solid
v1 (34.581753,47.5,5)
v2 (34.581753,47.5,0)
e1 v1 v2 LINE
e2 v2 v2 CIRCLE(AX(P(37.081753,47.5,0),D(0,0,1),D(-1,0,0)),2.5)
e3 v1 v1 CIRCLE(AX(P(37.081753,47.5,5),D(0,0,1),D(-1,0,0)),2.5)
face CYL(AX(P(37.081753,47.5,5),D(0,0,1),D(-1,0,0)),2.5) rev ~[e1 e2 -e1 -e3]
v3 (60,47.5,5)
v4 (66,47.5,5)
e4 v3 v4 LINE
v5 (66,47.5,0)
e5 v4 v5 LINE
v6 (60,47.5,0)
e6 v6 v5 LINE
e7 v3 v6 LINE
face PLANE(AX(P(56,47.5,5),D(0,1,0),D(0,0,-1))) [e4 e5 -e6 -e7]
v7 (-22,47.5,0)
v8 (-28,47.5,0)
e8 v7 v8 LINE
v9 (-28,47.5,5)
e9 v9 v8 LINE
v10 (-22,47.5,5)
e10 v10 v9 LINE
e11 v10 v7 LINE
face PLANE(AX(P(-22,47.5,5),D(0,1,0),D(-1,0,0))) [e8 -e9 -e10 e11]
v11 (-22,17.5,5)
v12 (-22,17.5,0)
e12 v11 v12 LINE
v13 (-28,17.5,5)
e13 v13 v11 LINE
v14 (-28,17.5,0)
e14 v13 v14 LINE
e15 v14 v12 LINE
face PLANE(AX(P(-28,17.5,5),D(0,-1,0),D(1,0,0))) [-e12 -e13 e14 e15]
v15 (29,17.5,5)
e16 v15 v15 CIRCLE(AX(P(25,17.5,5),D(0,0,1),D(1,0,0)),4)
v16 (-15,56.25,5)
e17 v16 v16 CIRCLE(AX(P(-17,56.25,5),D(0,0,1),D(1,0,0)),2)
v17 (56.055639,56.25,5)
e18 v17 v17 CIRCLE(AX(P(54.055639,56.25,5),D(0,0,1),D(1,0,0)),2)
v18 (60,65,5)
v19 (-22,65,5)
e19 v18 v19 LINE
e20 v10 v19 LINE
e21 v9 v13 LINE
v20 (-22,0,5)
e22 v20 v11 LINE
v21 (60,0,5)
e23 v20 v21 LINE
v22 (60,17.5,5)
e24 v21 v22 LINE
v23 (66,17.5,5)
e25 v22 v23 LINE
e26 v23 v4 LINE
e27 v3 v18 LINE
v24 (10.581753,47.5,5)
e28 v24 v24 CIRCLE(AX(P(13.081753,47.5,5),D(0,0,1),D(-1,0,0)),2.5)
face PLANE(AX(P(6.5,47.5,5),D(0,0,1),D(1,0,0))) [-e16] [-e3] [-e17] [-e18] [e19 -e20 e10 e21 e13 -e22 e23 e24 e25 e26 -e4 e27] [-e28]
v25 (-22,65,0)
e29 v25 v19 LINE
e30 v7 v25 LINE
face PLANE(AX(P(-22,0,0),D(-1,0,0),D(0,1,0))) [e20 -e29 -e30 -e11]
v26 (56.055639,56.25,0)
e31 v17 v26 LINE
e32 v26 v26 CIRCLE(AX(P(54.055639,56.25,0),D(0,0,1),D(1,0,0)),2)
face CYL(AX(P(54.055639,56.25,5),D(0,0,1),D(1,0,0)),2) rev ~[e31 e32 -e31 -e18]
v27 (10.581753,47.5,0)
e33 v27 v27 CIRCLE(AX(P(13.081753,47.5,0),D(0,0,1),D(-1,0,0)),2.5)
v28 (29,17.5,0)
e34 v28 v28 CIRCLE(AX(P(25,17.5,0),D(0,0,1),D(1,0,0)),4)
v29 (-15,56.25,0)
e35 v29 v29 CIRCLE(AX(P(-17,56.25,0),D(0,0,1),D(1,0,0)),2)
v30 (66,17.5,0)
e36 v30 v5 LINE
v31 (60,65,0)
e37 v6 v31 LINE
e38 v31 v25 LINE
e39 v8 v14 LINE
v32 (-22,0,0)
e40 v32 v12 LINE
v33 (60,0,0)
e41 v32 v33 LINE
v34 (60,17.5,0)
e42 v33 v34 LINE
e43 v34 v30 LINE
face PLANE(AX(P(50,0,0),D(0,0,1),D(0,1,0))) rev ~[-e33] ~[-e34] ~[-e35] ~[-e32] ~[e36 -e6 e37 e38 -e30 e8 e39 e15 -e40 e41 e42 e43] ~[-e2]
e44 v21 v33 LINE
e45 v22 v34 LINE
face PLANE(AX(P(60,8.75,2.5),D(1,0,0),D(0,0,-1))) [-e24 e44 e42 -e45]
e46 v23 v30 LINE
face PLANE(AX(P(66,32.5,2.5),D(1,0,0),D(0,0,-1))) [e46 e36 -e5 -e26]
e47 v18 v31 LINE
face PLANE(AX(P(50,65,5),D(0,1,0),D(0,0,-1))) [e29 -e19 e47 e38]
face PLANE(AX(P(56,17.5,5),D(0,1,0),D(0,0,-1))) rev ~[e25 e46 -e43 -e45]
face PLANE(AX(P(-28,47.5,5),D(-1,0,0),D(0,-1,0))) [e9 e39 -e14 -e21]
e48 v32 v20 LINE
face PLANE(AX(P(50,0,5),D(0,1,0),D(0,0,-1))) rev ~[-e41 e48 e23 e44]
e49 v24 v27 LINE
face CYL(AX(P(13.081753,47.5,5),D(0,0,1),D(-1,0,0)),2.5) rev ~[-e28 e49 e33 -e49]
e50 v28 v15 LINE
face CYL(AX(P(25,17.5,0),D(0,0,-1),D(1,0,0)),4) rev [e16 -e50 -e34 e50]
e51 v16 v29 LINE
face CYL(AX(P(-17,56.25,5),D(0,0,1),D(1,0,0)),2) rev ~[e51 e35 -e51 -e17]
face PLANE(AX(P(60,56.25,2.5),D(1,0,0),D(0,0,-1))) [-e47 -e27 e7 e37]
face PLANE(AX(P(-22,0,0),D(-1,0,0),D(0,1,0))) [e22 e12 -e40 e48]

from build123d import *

# Parameters (mm, degrees)
SKETCH2_W            = 50
SKETCH2_H            = 65
SKETCH2_R            = 2
SKETCH2_R_2          = 4
BOSS_EXTRUDE1_DEPTH  = 5
SKETCH4_W            = 21
SKETCH4_H            = 65
BOSS_EXTRUDE3_DEPTH  = 5
SKETCH5_W            = 1
SKETCH5_H            = 65
BOSS_EXTRUDE4_DEPTH  = 5
BOSS_EXTRUDE5_DEPTH  = 5
SKETCH7_R            = 2
CUT_EXTRUDE1_DEPTH   = 59
SKETCH8_R            = 1.5
CUT_EXTRUDE2_DEPTH   = 10
SKETCH9_R            = 2
CUT_EXTRUDE3_DEPTH   = 10
SKETCH10_R           = 2.5
CUT_EXTRUDE4_DEPTH   = 10
SKETCH11_R           = 2.5
CUT_EXTRUDE5_DEPTH   = 10
SKETCH11_3_R         = 2.5
BOSS_EXTRUDE6_DEPTH  = 5
SKETCH12_W           = 5
SKETCH12_H           = 17.5
BOSS_EXTRUDE7_DEPTH  = 10
SKETCH13_W           = 5
SKETCH13_H           = 30
BOSS_EXTRUDE8_DEPTH  = 10
SKETCH14_W           = 5
SKETCH14_H           = 17.5
BOSS_EXTRUDE9_DEPTH  = 10
SKETCH15_R           = 2
BOSS_EXTRUDE10_DEPTH = 5
SKETCH15_3_R         = 2
CUT_EXTRUDE6_DEPTH   = 10
SKETCH16_R           = 2.5
BOSS_EXTRUDE11_DEPTH = 5
CUT_EXTRUDE7_DEPTH   = 10


with BuildPart() as part:
    # Sketch2 → Boss-Extrude1 (new body)
    with BuildSketch(Plane.XY):
        with Locations((25, 32.5)):
            Rectangle(SKETCH2_W, SKETCH2_H)
        with Locations((25, 59.5)):
            Circle(SKETCH2_R, mode=Mode.SUBTRACT)
        with Locations((13, 47.5)):
            Circle(SKETCH2_R, mode=Mode.SUBTRACT)
        with Locations((37, 47.5)):
            Circle(SKETCH2_R, mode=Mode.SUBTRACT)
        with Locations((25, 17.5)):
            Circle(SKETCH2_R_2, mode=Mode.SUBTRACT)
    extrude(amount=BOSS_EXTRUDE1_DEPTH)

    # Sketch4 → Boss-Extrude3 (add)
    with BuildSketch(Plane.XY.offset(5)):
        with Locations((-10.5, 32.5)):
            Rectangle(SKETCH4_W, SKETCH4_H)
    extrude(amount=-BOSS_EXTRUDE3_DEPTH)

    # Sketch5 → Boss-Extrude4 (add)
    with BuildSketch(Plane(origin=(0, 0, 0), x_dir=(-1, 0, 0), z_dir=(0, 0, -1))):
        with Locations((21.5, 32.5)):
            Rectangle(SKETCH5_W, SKETCH5_H)
    extrude(amount=-BOSS_EXTRUDE4_DEPTH)

    # Sketch6 → Boss-Extrude5 (add)
    with BuildSketch(Plane.XY.offset(5)):
        Polygon((-22, 17.5), (-22, 32.5), (-22, 47.5), (-28, 47.5), (-28, 17.5), align=None)
        Polygon((56, 17.5), (56, 47.5), (50, 47.5), (50, 32.5), (50, 17.5), align=None)
    extrude(amount=-BOSS_EXTRUDE5_DEPTH)

    # Sketch7 → Cut-Extrude1 (cut)
    with BuildSketch(Plane.XY.offset(5)):
        with Locations((25, 35.5)):
            Circle(SKETCH7_R)
    extrude(amount=-CUT_EXTRUDE1_DEPTH, mode=Mode.SUBTRACT)

    # Sketch8 → Cut-Extrude2 (cut)
    with BuildSketch(Plane.XY.offset(5)):
        with Locations((-17, 56.25)):
            Circle(SKETCH8_R)
        with Locations((44.055639416, 56.25)):
            Circle(SKETCH8_R)
    extrude(amount=-CUT_EXTRUDE2_DEPTH, mode=Mode.SUBTRACT)

    # Sketch9 → Cut-Extrude3 (cut)
    with BuildSketch(Plane.XY.offset(5)):
        with Locations((-17, 56.25)):
            Circle(SKETCH9_R)
        with Locations((44.055639416, 56.25)):
            Circle(SKETCH9_R)
    extrude(amount=-CUT_EXTRUDE3_DEPTH, mode=Mode.SUBTRACT)

    # Sketch10 → Cut-Extrude4 (cut)
    with BuildSketch(Plane.XY.offset(5)):
        with Locations((25, 59.5)):
            Circle(SKETCH10_R)
        with Locations((25, 35.5)):
            Circle(SKETCH10_R)
        with Locations((13, 47.5)):
            Circle(SKETCH10_R)
        with Locations((37, 47.5)):
            Circle(SKETCH10_R)
    extrude(amount=-CUT_EXTRUDE4_DEPTH, mode=Mode.SUBTRACT)

    # Sketch11 → Cut-Extrude5 (cut)
    with BuildSketch(Plane.XY.offset(5)):
        with Locations((6.5, 47.5)):
            Circle(SKETCH11_R)
        with Locations((43.663505444, 47.5)):
            Circle(SKETCH11_R)
    extrude(amount=-CUT_EXTRUDE5_DEPTH, mode=Mode.SUBTRACT)

    # Sketch11_3 → Boss-Extrude6 (add)
    with BuildSketch(Plane.XY.offset(5)):
        with Locations((25, 59.5)):
            Circle(SKETCH11_3_R)
        with BuildLine():
            Line((10.5, 47.5), (13, 47.5))
            Line((13, 47.5), (15.5, 47.5))
            ThreePointArc((15.5, 47.5), (13, 50), (10.5, 47.5))
        make_face()
        with BuildLine():
            Line((15.5, 47.5), (13, 47.5))
            Line((13, 47.5), (10.5, 47.5))
            ThreePointArc((10.5, 47.5), (13, 45), (15.5, 47.5))
        make_face()
        with BuildLine():
            ThreePointArc((39.5, 47.5), (37, 50), (34.5, 47.5))
            Line((34.5, 47.5), (37, 47.5))
            Line((37, 47.5), (39.5, 47.5))
        make_face()
        with BuildLine():
            Line((37, 47.5), (34.5, 47.5))
            ThreePointArc((34.5, 47.5), (37, 45), (39.5, 47.5))
            Line((39.5, 47.5), (37, 47.5))
        make_face()
        with Locations((25, 35.5)):
            Circle(SKETCH11_3_R)
    extrude(amount=-BOSS_EXTRUDE6_DEPTH)

    # Sketch12 → Boss-Extrude7 (add)
    with BuildSketch(Plane(origin=(50, 0, 0), x_dir=(0, 0, -1), z_dir=(1, 0, 0))):
        with Locations((-2.5, 56.25)):
            Rectangle(SKETCH12_W, SKETCH12_H)
    extrude(amount=BOSS_EXTRUDE7_DEPTH)

    # Sketch13 → Boss-Extrude8 (add)
    with BuildSketch(Plane(origin=(56, 0, 0), x_dir=(0, 0, -1), z_dir=(1, 0, 0))):
        with Locations((-2.5, 32.5)):
            Rectangle(SKETCH13_W, SKETCH13_H)
    extrude(amount=BOSS_EXTRUDE8_DEPTH)

    # Sketch14 → Boss-Extrude9 (add)
    with BuildSketch(Plane(origin=(50, 0, 0), x_dir=(0, 0, -1), z_dir=(1, 0, 0))):
        with Locations((-2.5, 8.75)):
            Rectangle(SKETCH14_W, SKETCH14_H)
    extrude(amount=BOSS_EXTRUDE9_DEPTH)

    # Sketch15 → Boss-Extrude10 (add)
    with BuildSketch(Plane.XY.offset(5)):
        with Locations((54.055639416, 56.25)):
            Circle(SKETCH15_R)
        with Locations((44.055639416, 56.25)):
            Circle(SKETCH15_R)
    extrude(amount=-BOSS_EXTRUDE10_DEPTH)

    # Sketch15_3 → Cut-Extrude6 (cut)
    with BuildSketch(Plane.XY.offset(5)):
        with Locations((54.055639416, 56.25)):
            Circle(SKETCH15_3_R)
    extrude(amount=-CUT_EXTRUDE6_DEPTH, mode=Mode.SUBTRACT)

    # Sketch16 → Boss-Extrude11 (add)
    with BuildSketch(Plane.XY.offset(5)):
        with Locations((6.5, 47.5)):
            Circle(SKETCH16_R)
        with Locations((13.081752722, 47.5)):
            Circle(SKETCH16_R)
        with Locations((37.081752722, 47.5)):
            Circle(SKETCH16_R)
        with Locations((43.663505444, 47.5)):
            Circle(SKETCH16_R)
    extrude(amount=-BOSS_EXTRUDE11_DEPTH)

    # Sketch16_3 → Cut-Extrude7 (cut)
    with BuildSketch(Plane.XY.offset(5)):
        with BuildLine():
            Line((10.581752722, 47.5), (13.081752722, 47.5))
            Line((13.081752722, 47.5), (15.581752722, 47.5))
            ThreePointArc((15.581752722, 47.5), (13.081752722, 50), (10.581752722, 47.5))
        make_face()
        with BuildLine():
            Line((15.581752722, 47.5), (13.081752722, 47.5))
            Line((13.081752722, 47.5), (10.581752722, 47.5))
            ThreePointArc((10.581752722, 47.5), (13.081752722, 45), (15.581752722, 47.5))
        make_face()
        with BuildLine():
            ThreePointArc((39.581752722, 47.5), (37.081752722, 50), (34.581752722, 47.5))
            Line((34.581752722, 47.5), (37.081752722, 47.5))
            Line((37.081752722, 47.5), (39.581752722, 47.5))
        make_face()
        with BuildLine():
            Line((37.081752722, 47.5), (34.581752722, 47.5))
            ThreePointArc((34.581752722, 47.5), (37.081752722, 45), (39.581752722, 47.5))
            Line((39.581752722, 47.5), (37.081752722, 47.5))
        make_face()
    extrude(amount=-CUT_EXTRUDE7_DEPTH, mode=Mode.SUBTRACT)


solid = part.part
